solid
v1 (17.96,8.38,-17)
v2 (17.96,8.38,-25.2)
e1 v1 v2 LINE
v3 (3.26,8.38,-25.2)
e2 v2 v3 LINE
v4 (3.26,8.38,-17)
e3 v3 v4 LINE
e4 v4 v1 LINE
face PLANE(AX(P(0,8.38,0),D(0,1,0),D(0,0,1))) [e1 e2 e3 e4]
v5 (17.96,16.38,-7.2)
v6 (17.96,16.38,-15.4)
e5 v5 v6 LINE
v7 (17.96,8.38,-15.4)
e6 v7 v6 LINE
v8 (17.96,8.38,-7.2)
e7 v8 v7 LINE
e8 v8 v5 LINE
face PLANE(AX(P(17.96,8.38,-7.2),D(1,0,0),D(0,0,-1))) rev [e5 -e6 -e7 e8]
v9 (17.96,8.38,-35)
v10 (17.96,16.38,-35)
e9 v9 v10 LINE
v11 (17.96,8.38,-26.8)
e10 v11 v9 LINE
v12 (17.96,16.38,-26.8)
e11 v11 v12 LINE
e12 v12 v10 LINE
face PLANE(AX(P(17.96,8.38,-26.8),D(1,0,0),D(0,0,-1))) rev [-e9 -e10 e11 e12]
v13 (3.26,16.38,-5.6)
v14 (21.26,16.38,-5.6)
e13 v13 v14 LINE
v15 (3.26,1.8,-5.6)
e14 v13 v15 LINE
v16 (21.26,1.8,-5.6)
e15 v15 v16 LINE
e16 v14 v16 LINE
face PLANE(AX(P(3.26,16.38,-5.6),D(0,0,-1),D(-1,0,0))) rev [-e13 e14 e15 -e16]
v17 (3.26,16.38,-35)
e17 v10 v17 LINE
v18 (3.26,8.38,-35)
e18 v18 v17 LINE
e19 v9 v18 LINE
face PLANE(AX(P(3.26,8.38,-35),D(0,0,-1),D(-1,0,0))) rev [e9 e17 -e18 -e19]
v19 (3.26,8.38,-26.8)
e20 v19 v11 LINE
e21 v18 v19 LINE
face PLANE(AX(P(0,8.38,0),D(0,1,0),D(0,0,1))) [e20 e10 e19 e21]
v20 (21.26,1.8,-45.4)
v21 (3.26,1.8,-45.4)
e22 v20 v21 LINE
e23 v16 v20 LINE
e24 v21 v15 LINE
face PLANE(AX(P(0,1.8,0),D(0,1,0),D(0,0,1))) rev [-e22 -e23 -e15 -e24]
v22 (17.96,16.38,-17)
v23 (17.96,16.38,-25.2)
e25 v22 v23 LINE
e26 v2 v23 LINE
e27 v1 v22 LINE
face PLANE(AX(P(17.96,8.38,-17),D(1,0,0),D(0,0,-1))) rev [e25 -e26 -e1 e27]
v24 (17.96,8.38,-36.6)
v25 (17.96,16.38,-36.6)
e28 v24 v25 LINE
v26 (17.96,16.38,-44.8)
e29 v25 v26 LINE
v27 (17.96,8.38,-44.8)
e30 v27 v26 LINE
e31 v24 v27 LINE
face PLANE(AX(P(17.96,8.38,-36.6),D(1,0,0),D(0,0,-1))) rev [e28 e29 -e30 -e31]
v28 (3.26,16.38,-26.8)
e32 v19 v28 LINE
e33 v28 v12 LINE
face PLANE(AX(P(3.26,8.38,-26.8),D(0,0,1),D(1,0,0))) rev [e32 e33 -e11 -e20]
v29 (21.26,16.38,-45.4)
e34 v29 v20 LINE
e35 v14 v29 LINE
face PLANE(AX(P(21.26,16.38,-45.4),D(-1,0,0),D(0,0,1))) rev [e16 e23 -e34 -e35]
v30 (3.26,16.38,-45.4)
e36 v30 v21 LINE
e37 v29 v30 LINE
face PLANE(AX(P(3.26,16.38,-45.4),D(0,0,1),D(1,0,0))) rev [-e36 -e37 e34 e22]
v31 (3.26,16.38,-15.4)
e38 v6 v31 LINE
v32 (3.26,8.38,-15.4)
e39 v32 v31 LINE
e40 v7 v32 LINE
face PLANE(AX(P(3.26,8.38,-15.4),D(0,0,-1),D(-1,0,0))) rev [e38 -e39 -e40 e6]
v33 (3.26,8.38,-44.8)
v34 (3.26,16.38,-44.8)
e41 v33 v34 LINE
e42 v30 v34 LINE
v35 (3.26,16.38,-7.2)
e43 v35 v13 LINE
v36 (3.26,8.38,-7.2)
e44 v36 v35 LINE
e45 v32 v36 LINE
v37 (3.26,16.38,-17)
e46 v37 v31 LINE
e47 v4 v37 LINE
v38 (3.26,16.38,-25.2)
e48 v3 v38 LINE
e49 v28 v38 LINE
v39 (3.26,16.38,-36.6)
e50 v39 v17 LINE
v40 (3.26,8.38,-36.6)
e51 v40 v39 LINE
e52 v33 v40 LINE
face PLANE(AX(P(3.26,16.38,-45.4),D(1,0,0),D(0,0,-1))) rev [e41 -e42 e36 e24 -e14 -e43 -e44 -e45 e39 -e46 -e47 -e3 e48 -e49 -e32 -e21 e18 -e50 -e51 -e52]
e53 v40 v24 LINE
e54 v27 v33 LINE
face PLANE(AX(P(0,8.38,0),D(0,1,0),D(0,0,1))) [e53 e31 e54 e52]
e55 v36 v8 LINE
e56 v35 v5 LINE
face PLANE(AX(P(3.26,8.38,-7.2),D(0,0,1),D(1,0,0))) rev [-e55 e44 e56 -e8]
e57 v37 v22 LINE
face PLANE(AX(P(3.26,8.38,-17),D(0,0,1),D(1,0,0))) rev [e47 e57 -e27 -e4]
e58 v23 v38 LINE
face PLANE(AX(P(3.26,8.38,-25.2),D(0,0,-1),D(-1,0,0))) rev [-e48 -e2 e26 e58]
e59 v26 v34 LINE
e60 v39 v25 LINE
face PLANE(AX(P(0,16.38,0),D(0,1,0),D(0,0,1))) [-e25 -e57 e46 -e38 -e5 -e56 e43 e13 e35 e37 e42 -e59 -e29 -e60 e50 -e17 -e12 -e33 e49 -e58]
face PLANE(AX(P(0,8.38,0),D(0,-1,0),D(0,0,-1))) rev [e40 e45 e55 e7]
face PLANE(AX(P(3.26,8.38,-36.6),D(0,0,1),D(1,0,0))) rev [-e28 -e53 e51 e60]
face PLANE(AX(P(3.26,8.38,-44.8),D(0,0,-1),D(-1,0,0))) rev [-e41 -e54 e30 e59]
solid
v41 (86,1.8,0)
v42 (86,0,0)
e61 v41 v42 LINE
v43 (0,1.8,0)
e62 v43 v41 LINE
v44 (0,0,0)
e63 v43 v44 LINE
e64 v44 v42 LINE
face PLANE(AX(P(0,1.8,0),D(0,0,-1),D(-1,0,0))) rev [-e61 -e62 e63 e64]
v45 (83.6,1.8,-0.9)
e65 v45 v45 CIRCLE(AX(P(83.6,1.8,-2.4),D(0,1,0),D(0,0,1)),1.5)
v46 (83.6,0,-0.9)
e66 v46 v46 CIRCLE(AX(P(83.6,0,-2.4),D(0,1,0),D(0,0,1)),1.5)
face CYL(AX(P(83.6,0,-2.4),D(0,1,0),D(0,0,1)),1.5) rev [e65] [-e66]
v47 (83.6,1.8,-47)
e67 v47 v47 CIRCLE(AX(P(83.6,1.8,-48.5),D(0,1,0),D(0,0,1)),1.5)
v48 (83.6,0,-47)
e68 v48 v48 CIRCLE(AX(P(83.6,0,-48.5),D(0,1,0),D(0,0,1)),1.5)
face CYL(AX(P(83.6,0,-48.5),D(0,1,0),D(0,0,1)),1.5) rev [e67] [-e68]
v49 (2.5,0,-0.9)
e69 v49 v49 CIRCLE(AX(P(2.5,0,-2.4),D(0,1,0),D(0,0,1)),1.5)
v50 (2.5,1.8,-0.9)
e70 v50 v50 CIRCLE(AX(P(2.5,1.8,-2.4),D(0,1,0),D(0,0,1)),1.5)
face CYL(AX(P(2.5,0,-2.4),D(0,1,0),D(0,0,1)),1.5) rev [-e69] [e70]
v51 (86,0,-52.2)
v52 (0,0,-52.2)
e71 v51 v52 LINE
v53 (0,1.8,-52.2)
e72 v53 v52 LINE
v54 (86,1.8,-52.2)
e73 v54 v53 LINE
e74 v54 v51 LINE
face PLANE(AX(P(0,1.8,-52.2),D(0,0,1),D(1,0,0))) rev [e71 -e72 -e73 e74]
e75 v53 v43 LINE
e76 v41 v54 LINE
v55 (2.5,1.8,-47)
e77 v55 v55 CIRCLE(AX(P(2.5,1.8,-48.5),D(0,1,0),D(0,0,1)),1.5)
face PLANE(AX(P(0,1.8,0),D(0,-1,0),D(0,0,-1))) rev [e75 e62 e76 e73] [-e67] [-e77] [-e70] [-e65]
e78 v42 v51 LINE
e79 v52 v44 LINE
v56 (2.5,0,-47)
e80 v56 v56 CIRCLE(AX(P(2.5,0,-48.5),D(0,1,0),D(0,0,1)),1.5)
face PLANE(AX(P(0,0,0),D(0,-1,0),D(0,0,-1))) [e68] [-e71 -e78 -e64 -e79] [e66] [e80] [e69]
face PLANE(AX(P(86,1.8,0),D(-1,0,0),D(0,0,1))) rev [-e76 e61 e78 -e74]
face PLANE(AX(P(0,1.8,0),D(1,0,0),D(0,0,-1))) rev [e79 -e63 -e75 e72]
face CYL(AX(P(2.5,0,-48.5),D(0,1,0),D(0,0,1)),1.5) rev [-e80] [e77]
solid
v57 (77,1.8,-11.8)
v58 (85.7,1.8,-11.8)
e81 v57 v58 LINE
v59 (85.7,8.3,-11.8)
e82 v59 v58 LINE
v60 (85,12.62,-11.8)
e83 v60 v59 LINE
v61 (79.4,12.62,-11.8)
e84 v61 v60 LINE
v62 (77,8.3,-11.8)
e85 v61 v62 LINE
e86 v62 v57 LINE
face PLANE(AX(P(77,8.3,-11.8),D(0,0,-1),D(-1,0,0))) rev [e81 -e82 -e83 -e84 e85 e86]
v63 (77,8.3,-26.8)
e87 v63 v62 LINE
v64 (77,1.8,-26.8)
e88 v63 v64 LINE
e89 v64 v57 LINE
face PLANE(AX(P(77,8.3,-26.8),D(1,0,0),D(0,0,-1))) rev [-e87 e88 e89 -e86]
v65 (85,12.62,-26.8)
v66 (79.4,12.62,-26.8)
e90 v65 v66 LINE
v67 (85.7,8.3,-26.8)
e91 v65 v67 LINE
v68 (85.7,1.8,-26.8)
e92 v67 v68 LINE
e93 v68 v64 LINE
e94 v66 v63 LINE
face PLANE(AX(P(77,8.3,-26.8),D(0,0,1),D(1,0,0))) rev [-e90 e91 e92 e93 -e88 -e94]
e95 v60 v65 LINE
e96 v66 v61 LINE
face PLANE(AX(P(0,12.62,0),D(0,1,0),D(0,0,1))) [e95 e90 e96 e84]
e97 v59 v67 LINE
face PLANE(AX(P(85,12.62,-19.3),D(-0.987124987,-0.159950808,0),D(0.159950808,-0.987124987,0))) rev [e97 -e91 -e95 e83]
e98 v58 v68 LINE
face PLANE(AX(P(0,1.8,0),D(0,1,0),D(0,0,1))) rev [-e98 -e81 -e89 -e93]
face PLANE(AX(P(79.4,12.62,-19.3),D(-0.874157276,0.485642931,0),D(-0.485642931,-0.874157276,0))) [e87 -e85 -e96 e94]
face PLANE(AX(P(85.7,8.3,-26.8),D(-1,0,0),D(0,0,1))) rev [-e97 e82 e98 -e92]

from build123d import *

# Parameters (mm, degrees)
SKETCH1_W           = 86
SKETCH1_H           = 52.2
BOSS_EXTRUDE1_DEPTH = 1.8
SKETCH3_R           = 1.5
CUT_EXTRUDE1_DEPTH  = 1.8
SKETCH4_W           = 8.7
SKETCH4_H           = 15
BOSS_EXTRUDE2_DEPTH = 6.5
SKETCH5_W           = 5.6
SKETCH5_H           = 15
BOSS_EXTRUDE3_DEPTH = 4.32
RIB11_REACH         = 94.939
SKETCH7_WALL_W      = 192.82008193
SKETCH7_WALL_H      = 15
RIB14_REACH         = 94.939
SKETCH8_WALL_W      = 192.25452497
SKETCH8_WALL_H      = 15
SKETCH9_W           = 18
SKETCH9_H           = 39.8
BOSS_EXTRUDE4_DEPTH = 14.58
SKETCH10_W          = 14.7
SKETCH10_H          = 8.2
CUT_EXTRUDE2_DEPTH  = 8


with BuildPart() as part:
    # Sketch1 → Boss-Extrude1 (new body)
    with BuildSketch(Plane(origin=(0, 0, 0), x_dir=(1, 0, 0), z_dir=(0, 1, 0))):
        with Locations((43, 26.1)):
            Rectangle(SKETCH1_W, SKETCH1_H)
    extrude(amount=BOSS_EXTRUDE1_DEPTH)

    # Sketch3 → Cut-Extrude1 (cut)
    with BuildSketch(Plane(origin=(0, 1.8, 0), x_dir=(1, 0, 0), z_dir=(0, 1, 0))):
        with Locations(Location((83.6, 2.4, 0), (0, 0, 270))):
            Circle(SKETCH3_R)
        with Locations(Location((83.6, 48.5, 0), (0, 0, 270))):
            Circle(SKETCH3_R)
        with Locations(Location((2.5, 2.4, 0), (0, 0, 270))):
            Circle(SKETCH3_R)
        with Locations(Location((2.5, 48.5, 0), (0, 0, 270))):
            Circle(SKETCH3_R)
    extrude(amount=-CUT_EXTRUDE1_DEPTH, mode=Mode.SUBTRACT)


with BuildPart() as body_2:
    # Sketch4 → Boss-Extrude2 (new body)
    with BuildSketch(Plane(origin=(0, 1.8, 0), x_dir=(1, 0, 0), z_dir=(0, 1, 0))):
        with Locations((81.35, 19.3)):
            Rectangle(SKETCH4_W, SKETCH4_H)
    extrude(amount=BOSS_EXTRUDE2_DEPTH)

    # Sketch5 → Boss-Extrude3 (add)
    with BuildSketch(Plane(origin=(0, 8.3, 0), x_dir=(1, 0, 0), z_dir=(0, 1, 0))):
        with Locations((82.2, 19.3)):
            Rectangle(SKETCH5_W, SKETCH5_H)
    extrude(amount=BOSS_EXTRUDE3_DEPTH)

    # Sketch7 wall → Rib11 (add, up to next)
    with BuildSketch(Plane(origin=(78.2, 10.46, -19.3), x_dir=(-0.485642931179, -0.874157276122, 0), z_dir=(0.874157276122, -0.485642931179, 0)), mode=Mode.PRIVATE) as rib11_sk1:
        Rectangle(SKETCH7_WALL_W, SKETCH7_WALL_H)
    rib11_tool1 = extrude(rib11_sk1.sketch, amount=RIB11_REACH, mode=Mode.PRIVATE) - body_2.part
    add(rib11_tool1.solids().sort_by_distance((78.2, 10.46, -19.3))[0])

    # Sketch8 wall → Rib14 (add, up to next)
    with BuildSketch(Plane(origin=(85.35, 10.46, -19.3), x_dir=(0.159950808002, -0.987124986524, 0), z_dir=(0.987124986524, 0.159950808002, 0)), mode=Mode.PRIVATE) as rib14_sk1:
        Rectangle(SKETCH8_WALL_W, SKETCH8_WALL_H)
    rib14_tool1 = extrude(rib14_sk1.sketch, amount=-RIB14_REACH, mode=Mode.PRIVATE) - body_2.part
    add(rib14_tool1.solids().sort_by_distance((85.35, 10.46, -19.3))[0])


with BuildPart() as body_3:
    # Sketch9 → Boss-Extrude4 (new body)
    with BuildSketch(Plane(origin=(0, 1.8, 0), x_dir=(1, 0, 0), z_dir=(0, 1, 0))):
        with Locations((12.26, 25.5)):
            Rectangle(SKETCH9_W, SKETCH9_H)
    extrude(amount=BOSS_EXTRUDE4_DEPTH)

    # Sketch10 → Cut-Extrude2 (cut)
    with BuildSketch(Plane(origin=(0, 16.38, 0), x_dir=(1, 0, 0), z_dir=(0, 1, 0))):
        with Locations((10.61, 11.3)):
            Rectangle(SKETCH10_W, SKETCH10_H)
        with Locations((10.61, 21.1)):
            Rectangle(SKETCH10_W, SKETCH10_H)
        with Locations((10.61, 30.9)):
            Rectangle(SKETCH10_W, SKETCH10_H)
        with Locations((10.61, 40.7)):
            Rectangle(SKETCH10_W, SKETCH10_H)
    extrude(amount=-CUT_EXTRUDE2_DEPTH, mode=Mode.SUBTRACT)


solid = Compound([part.part, body_2.part, body_3.part])
